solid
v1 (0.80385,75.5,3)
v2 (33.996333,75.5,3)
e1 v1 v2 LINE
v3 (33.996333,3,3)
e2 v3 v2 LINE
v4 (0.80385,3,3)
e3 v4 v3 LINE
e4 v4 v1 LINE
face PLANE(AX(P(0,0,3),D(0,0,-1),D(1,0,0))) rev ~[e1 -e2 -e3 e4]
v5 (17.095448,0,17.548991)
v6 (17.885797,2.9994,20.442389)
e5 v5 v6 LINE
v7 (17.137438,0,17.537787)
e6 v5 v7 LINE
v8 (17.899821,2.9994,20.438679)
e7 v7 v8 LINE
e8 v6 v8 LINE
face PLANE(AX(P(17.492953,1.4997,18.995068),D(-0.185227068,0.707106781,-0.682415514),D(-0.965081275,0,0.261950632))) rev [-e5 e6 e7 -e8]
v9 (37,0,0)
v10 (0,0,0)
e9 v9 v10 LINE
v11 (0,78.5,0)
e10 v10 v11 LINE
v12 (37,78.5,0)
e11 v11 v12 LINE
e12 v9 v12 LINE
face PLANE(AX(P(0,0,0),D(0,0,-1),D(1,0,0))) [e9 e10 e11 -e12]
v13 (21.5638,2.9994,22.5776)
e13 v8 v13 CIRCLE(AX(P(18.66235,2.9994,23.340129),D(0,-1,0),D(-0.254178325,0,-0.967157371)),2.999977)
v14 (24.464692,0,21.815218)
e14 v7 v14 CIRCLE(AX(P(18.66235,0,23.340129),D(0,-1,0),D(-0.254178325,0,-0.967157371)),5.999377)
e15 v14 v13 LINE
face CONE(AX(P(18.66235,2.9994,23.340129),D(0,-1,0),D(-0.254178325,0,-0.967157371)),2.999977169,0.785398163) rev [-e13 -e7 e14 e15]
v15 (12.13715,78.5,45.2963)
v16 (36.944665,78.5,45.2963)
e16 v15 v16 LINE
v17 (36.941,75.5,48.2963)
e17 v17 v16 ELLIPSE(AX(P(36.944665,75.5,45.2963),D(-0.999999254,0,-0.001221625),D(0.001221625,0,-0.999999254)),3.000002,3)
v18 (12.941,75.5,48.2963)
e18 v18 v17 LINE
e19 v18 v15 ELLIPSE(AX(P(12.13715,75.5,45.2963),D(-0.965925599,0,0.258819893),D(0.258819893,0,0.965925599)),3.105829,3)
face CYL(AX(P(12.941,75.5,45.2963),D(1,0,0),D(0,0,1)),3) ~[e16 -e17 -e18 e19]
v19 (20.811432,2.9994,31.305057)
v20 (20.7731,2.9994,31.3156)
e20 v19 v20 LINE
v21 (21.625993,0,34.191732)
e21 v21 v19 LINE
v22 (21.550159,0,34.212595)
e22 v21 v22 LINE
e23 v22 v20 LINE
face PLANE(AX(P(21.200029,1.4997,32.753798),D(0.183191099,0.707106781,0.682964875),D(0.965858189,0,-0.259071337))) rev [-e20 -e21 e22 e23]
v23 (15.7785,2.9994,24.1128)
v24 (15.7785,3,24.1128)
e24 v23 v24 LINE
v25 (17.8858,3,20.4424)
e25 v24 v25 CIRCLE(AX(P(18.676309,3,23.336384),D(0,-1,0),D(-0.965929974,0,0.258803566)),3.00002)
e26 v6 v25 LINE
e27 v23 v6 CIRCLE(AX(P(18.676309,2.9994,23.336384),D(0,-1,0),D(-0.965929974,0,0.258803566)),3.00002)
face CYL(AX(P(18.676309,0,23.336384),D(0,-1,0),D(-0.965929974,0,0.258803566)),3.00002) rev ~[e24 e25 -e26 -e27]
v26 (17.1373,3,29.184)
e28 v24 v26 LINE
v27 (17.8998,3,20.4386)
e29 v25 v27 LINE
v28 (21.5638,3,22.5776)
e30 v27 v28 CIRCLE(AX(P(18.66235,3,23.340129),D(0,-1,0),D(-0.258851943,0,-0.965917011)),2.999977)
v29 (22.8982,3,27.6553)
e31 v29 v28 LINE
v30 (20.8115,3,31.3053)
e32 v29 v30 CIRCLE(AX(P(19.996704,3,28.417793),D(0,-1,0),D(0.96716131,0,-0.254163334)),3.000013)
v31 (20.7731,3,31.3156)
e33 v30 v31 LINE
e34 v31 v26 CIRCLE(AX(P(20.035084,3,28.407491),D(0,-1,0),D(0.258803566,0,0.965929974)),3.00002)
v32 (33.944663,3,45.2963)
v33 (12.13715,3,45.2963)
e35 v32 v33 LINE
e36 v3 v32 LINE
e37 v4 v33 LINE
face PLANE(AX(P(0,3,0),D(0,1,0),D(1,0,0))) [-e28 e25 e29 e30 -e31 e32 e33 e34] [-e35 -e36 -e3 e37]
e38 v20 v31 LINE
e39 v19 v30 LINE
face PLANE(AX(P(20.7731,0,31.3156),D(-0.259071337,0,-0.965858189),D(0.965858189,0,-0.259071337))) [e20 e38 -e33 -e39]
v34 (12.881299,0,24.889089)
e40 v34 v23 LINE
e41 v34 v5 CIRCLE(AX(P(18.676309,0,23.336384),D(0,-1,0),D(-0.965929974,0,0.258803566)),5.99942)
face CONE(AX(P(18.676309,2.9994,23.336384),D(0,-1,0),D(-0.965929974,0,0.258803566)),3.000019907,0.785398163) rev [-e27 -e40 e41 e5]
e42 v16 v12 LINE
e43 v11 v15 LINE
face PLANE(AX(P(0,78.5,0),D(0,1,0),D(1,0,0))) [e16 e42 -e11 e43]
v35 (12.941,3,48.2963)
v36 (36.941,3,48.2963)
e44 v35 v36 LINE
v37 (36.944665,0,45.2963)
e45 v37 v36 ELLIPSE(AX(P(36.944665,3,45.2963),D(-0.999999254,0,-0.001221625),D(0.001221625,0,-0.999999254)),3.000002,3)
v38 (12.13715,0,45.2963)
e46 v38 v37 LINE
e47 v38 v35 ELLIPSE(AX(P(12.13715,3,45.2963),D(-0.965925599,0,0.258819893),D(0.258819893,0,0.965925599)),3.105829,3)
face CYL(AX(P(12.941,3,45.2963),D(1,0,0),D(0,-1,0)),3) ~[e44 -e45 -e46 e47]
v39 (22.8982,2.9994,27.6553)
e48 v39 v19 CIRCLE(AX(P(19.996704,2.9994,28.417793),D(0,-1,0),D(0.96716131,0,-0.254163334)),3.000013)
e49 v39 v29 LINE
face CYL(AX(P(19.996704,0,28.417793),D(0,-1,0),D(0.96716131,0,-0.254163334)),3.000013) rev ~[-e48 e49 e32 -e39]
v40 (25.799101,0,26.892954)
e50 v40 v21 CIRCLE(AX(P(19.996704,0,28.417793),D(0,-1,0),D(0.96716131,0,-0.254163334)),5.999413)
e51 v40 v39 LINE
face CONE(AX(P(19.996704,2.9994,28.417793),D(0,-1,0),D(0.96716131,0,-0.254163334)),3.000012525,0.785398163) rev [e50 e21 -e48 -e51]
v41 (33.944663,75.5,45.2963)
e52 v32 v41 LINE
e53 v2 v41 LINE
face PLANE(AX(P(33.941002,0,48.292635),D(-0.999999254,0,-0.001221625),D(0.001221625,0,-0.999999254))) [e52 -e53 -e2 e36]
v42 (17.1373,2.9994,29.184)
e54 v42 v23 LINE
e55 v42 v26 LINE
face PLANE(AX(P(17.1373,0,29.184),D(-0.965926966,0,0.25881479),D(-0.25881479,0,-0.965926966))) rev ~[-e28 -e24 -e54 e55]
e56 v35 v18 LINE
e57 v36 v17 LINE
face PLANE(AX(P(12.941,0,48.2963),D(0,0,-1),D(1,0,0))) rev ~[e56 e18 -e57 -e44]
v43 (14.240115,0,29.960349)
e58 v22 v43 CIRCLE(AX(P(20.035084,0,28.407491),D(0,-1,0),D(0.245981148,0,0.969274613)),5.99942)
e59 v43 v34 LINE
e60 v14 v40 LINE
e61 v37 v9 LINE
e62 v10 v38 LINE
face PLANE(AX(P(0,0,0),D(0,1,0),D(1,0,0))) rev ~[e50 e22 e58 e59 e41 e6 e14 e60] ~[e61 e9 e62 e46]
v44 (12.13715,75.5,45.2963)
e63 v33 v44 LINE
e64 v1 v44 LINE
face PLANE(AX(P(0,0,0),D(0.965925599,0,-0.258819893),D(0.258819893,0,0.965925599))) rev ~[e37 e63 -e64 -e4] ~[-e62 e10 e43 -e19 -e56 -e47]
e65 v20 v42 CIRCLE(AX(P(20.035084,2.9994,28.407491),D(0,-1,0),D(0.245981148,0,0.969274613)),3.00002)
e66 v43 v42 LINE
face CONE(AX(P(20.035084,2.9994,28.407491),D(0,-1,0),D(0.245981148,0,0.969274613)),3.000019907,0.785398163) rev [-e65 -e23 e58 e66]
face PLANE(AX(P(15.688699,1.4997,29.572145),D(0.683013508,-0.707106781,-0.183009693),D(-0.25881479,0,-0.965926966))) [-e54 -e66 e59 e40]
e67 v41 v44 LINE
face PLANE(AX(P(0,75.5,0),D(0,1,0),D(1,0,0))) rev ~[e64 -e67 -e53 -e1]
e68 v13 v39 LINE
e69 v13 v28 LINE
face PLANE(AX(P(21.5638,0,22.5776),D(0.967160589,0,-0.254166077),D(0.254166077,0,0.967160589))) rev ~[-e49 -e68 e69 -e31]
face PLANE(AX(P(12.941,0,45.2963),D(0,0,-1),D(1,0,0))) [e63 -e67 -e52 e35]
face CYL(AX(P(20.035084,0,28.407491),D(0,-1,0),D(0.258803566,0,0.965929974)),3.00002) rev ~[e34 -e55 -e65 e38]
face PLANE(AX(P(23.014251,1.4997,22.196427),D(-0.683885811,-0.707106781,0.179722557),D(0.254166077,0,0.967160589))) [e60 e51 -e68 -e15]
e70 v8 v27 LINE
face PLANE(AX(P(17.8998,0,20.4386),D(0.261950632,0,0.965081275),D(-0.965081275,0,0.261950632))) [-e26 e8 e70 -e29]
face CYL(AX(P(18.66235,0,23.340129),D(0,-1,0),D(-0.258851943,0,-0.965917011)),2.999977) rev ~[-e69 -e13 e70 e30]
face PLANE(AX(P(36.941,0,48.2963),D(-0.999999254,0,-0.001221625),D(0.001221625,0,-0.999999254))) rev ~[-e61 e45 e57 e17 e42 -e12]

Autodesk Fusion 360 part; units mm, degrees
sketch "Sketch1" plane through (0, 0, 0) normal (0, 1, 0) x (1, 0, 0)
  line L0 (0, 0) -> (24, 0)
  line L1 (0, 0) -> (12.941, -48.2963)
  line L2 (0, 0) -> (50, 0) construction
  line L3 (24, 0) -> (36.941, -48.2963)
  line L4 (24, 0) -> (74, 0) construction
  line L5 (12.941, -48.2963) -> (36.941, -48.2963)
  line L6 (36.941, -48.2963) -> (37, 0)
  line L7 (24, 0) -> (37, 0)
  dimension "d1" = 24
  dimension "d2" = 75
  dimension "d3" = 50
  dimension "d4" = 50
  dimension "d5" = 75
extrude "Extrude1" add sketch "Sketch1" along normal blind 78.5
shell "Shell1" thickness 3 removed faces 1 at (4.3137, 26.1667, 16.0988)
sketch "Sketch2" plane through (0, 0, 0) normal (0, -1, 0) x (1, 0, 0)
  line L0 (12.941, 48.2963) -> (0, 0)
  line L1 (0, 0) -> (37, 0)
  line L2 (36.941, 48.2963) -> (12.941, 48.2963)
  line L3 (17.8998, 20.4386) -> (17.8858, 20.4424)
  line L4 (21.5638, 22.5776) -> (22.8982, 27.6553)
  line L5 (20.7731, 31.3156) -> (20.8115, 31.3053)
  line L6 (17.1373, 29.184) -> (15.7785, 24.1128)
  arc A0 (20.8115, 31.3053) -> (17.1373, 29.184) centre (20.0351, 28.4075) ccw
  arc A1 (15.7785, 24.1128) -> (17.8998, 20.4386) centre (18.6763, 23.3364) ccw
  arc A2 (17.8858, 20.4424) -> (21.5638, 22.5776) centre (18.6623, 23.3401) ccw
  arc A3 (22.8982, 27.6553) -> (20.7731, 31.3156) centre (19.9967, 28.4178) ccw
  line L7 (37, 0) -> (36.941, 48.2963)
  point P0 (15.002, 21.2151)
  point P1 (20.7976, 19.6622)
  point P2 (17.9138, 32.0817)
  dimension "d9" = 6
  dimension "d10" = 11.25
  dimension "d11" = 9
  dimension "d12" = 24.375
  dimension "d13" = 3
extrude "Extrude2" cut sketch "Sketch2" against normal blind 18 contours L3 L4 L5 L6 A0 A1 A2 A3
chamfer "Chamfer1" distance 3 angle 45 6 edges at (20.1717, 0, 20.7475) (22.231, 0, 25.1165) (22.5961, 0, 29.9154) (16.4579, 0, 26.6484) (16.0764, 0, 21.8395) (18.5265, 0, 31.0006)
fillet "Fillet1" radius 3 2 edges at (24.941, 0, 48.2963) (24.941, 78.5, 48.2963)
equation "d12 = 30 mm - ( 11.25 / 2 ) * 1 mm"
